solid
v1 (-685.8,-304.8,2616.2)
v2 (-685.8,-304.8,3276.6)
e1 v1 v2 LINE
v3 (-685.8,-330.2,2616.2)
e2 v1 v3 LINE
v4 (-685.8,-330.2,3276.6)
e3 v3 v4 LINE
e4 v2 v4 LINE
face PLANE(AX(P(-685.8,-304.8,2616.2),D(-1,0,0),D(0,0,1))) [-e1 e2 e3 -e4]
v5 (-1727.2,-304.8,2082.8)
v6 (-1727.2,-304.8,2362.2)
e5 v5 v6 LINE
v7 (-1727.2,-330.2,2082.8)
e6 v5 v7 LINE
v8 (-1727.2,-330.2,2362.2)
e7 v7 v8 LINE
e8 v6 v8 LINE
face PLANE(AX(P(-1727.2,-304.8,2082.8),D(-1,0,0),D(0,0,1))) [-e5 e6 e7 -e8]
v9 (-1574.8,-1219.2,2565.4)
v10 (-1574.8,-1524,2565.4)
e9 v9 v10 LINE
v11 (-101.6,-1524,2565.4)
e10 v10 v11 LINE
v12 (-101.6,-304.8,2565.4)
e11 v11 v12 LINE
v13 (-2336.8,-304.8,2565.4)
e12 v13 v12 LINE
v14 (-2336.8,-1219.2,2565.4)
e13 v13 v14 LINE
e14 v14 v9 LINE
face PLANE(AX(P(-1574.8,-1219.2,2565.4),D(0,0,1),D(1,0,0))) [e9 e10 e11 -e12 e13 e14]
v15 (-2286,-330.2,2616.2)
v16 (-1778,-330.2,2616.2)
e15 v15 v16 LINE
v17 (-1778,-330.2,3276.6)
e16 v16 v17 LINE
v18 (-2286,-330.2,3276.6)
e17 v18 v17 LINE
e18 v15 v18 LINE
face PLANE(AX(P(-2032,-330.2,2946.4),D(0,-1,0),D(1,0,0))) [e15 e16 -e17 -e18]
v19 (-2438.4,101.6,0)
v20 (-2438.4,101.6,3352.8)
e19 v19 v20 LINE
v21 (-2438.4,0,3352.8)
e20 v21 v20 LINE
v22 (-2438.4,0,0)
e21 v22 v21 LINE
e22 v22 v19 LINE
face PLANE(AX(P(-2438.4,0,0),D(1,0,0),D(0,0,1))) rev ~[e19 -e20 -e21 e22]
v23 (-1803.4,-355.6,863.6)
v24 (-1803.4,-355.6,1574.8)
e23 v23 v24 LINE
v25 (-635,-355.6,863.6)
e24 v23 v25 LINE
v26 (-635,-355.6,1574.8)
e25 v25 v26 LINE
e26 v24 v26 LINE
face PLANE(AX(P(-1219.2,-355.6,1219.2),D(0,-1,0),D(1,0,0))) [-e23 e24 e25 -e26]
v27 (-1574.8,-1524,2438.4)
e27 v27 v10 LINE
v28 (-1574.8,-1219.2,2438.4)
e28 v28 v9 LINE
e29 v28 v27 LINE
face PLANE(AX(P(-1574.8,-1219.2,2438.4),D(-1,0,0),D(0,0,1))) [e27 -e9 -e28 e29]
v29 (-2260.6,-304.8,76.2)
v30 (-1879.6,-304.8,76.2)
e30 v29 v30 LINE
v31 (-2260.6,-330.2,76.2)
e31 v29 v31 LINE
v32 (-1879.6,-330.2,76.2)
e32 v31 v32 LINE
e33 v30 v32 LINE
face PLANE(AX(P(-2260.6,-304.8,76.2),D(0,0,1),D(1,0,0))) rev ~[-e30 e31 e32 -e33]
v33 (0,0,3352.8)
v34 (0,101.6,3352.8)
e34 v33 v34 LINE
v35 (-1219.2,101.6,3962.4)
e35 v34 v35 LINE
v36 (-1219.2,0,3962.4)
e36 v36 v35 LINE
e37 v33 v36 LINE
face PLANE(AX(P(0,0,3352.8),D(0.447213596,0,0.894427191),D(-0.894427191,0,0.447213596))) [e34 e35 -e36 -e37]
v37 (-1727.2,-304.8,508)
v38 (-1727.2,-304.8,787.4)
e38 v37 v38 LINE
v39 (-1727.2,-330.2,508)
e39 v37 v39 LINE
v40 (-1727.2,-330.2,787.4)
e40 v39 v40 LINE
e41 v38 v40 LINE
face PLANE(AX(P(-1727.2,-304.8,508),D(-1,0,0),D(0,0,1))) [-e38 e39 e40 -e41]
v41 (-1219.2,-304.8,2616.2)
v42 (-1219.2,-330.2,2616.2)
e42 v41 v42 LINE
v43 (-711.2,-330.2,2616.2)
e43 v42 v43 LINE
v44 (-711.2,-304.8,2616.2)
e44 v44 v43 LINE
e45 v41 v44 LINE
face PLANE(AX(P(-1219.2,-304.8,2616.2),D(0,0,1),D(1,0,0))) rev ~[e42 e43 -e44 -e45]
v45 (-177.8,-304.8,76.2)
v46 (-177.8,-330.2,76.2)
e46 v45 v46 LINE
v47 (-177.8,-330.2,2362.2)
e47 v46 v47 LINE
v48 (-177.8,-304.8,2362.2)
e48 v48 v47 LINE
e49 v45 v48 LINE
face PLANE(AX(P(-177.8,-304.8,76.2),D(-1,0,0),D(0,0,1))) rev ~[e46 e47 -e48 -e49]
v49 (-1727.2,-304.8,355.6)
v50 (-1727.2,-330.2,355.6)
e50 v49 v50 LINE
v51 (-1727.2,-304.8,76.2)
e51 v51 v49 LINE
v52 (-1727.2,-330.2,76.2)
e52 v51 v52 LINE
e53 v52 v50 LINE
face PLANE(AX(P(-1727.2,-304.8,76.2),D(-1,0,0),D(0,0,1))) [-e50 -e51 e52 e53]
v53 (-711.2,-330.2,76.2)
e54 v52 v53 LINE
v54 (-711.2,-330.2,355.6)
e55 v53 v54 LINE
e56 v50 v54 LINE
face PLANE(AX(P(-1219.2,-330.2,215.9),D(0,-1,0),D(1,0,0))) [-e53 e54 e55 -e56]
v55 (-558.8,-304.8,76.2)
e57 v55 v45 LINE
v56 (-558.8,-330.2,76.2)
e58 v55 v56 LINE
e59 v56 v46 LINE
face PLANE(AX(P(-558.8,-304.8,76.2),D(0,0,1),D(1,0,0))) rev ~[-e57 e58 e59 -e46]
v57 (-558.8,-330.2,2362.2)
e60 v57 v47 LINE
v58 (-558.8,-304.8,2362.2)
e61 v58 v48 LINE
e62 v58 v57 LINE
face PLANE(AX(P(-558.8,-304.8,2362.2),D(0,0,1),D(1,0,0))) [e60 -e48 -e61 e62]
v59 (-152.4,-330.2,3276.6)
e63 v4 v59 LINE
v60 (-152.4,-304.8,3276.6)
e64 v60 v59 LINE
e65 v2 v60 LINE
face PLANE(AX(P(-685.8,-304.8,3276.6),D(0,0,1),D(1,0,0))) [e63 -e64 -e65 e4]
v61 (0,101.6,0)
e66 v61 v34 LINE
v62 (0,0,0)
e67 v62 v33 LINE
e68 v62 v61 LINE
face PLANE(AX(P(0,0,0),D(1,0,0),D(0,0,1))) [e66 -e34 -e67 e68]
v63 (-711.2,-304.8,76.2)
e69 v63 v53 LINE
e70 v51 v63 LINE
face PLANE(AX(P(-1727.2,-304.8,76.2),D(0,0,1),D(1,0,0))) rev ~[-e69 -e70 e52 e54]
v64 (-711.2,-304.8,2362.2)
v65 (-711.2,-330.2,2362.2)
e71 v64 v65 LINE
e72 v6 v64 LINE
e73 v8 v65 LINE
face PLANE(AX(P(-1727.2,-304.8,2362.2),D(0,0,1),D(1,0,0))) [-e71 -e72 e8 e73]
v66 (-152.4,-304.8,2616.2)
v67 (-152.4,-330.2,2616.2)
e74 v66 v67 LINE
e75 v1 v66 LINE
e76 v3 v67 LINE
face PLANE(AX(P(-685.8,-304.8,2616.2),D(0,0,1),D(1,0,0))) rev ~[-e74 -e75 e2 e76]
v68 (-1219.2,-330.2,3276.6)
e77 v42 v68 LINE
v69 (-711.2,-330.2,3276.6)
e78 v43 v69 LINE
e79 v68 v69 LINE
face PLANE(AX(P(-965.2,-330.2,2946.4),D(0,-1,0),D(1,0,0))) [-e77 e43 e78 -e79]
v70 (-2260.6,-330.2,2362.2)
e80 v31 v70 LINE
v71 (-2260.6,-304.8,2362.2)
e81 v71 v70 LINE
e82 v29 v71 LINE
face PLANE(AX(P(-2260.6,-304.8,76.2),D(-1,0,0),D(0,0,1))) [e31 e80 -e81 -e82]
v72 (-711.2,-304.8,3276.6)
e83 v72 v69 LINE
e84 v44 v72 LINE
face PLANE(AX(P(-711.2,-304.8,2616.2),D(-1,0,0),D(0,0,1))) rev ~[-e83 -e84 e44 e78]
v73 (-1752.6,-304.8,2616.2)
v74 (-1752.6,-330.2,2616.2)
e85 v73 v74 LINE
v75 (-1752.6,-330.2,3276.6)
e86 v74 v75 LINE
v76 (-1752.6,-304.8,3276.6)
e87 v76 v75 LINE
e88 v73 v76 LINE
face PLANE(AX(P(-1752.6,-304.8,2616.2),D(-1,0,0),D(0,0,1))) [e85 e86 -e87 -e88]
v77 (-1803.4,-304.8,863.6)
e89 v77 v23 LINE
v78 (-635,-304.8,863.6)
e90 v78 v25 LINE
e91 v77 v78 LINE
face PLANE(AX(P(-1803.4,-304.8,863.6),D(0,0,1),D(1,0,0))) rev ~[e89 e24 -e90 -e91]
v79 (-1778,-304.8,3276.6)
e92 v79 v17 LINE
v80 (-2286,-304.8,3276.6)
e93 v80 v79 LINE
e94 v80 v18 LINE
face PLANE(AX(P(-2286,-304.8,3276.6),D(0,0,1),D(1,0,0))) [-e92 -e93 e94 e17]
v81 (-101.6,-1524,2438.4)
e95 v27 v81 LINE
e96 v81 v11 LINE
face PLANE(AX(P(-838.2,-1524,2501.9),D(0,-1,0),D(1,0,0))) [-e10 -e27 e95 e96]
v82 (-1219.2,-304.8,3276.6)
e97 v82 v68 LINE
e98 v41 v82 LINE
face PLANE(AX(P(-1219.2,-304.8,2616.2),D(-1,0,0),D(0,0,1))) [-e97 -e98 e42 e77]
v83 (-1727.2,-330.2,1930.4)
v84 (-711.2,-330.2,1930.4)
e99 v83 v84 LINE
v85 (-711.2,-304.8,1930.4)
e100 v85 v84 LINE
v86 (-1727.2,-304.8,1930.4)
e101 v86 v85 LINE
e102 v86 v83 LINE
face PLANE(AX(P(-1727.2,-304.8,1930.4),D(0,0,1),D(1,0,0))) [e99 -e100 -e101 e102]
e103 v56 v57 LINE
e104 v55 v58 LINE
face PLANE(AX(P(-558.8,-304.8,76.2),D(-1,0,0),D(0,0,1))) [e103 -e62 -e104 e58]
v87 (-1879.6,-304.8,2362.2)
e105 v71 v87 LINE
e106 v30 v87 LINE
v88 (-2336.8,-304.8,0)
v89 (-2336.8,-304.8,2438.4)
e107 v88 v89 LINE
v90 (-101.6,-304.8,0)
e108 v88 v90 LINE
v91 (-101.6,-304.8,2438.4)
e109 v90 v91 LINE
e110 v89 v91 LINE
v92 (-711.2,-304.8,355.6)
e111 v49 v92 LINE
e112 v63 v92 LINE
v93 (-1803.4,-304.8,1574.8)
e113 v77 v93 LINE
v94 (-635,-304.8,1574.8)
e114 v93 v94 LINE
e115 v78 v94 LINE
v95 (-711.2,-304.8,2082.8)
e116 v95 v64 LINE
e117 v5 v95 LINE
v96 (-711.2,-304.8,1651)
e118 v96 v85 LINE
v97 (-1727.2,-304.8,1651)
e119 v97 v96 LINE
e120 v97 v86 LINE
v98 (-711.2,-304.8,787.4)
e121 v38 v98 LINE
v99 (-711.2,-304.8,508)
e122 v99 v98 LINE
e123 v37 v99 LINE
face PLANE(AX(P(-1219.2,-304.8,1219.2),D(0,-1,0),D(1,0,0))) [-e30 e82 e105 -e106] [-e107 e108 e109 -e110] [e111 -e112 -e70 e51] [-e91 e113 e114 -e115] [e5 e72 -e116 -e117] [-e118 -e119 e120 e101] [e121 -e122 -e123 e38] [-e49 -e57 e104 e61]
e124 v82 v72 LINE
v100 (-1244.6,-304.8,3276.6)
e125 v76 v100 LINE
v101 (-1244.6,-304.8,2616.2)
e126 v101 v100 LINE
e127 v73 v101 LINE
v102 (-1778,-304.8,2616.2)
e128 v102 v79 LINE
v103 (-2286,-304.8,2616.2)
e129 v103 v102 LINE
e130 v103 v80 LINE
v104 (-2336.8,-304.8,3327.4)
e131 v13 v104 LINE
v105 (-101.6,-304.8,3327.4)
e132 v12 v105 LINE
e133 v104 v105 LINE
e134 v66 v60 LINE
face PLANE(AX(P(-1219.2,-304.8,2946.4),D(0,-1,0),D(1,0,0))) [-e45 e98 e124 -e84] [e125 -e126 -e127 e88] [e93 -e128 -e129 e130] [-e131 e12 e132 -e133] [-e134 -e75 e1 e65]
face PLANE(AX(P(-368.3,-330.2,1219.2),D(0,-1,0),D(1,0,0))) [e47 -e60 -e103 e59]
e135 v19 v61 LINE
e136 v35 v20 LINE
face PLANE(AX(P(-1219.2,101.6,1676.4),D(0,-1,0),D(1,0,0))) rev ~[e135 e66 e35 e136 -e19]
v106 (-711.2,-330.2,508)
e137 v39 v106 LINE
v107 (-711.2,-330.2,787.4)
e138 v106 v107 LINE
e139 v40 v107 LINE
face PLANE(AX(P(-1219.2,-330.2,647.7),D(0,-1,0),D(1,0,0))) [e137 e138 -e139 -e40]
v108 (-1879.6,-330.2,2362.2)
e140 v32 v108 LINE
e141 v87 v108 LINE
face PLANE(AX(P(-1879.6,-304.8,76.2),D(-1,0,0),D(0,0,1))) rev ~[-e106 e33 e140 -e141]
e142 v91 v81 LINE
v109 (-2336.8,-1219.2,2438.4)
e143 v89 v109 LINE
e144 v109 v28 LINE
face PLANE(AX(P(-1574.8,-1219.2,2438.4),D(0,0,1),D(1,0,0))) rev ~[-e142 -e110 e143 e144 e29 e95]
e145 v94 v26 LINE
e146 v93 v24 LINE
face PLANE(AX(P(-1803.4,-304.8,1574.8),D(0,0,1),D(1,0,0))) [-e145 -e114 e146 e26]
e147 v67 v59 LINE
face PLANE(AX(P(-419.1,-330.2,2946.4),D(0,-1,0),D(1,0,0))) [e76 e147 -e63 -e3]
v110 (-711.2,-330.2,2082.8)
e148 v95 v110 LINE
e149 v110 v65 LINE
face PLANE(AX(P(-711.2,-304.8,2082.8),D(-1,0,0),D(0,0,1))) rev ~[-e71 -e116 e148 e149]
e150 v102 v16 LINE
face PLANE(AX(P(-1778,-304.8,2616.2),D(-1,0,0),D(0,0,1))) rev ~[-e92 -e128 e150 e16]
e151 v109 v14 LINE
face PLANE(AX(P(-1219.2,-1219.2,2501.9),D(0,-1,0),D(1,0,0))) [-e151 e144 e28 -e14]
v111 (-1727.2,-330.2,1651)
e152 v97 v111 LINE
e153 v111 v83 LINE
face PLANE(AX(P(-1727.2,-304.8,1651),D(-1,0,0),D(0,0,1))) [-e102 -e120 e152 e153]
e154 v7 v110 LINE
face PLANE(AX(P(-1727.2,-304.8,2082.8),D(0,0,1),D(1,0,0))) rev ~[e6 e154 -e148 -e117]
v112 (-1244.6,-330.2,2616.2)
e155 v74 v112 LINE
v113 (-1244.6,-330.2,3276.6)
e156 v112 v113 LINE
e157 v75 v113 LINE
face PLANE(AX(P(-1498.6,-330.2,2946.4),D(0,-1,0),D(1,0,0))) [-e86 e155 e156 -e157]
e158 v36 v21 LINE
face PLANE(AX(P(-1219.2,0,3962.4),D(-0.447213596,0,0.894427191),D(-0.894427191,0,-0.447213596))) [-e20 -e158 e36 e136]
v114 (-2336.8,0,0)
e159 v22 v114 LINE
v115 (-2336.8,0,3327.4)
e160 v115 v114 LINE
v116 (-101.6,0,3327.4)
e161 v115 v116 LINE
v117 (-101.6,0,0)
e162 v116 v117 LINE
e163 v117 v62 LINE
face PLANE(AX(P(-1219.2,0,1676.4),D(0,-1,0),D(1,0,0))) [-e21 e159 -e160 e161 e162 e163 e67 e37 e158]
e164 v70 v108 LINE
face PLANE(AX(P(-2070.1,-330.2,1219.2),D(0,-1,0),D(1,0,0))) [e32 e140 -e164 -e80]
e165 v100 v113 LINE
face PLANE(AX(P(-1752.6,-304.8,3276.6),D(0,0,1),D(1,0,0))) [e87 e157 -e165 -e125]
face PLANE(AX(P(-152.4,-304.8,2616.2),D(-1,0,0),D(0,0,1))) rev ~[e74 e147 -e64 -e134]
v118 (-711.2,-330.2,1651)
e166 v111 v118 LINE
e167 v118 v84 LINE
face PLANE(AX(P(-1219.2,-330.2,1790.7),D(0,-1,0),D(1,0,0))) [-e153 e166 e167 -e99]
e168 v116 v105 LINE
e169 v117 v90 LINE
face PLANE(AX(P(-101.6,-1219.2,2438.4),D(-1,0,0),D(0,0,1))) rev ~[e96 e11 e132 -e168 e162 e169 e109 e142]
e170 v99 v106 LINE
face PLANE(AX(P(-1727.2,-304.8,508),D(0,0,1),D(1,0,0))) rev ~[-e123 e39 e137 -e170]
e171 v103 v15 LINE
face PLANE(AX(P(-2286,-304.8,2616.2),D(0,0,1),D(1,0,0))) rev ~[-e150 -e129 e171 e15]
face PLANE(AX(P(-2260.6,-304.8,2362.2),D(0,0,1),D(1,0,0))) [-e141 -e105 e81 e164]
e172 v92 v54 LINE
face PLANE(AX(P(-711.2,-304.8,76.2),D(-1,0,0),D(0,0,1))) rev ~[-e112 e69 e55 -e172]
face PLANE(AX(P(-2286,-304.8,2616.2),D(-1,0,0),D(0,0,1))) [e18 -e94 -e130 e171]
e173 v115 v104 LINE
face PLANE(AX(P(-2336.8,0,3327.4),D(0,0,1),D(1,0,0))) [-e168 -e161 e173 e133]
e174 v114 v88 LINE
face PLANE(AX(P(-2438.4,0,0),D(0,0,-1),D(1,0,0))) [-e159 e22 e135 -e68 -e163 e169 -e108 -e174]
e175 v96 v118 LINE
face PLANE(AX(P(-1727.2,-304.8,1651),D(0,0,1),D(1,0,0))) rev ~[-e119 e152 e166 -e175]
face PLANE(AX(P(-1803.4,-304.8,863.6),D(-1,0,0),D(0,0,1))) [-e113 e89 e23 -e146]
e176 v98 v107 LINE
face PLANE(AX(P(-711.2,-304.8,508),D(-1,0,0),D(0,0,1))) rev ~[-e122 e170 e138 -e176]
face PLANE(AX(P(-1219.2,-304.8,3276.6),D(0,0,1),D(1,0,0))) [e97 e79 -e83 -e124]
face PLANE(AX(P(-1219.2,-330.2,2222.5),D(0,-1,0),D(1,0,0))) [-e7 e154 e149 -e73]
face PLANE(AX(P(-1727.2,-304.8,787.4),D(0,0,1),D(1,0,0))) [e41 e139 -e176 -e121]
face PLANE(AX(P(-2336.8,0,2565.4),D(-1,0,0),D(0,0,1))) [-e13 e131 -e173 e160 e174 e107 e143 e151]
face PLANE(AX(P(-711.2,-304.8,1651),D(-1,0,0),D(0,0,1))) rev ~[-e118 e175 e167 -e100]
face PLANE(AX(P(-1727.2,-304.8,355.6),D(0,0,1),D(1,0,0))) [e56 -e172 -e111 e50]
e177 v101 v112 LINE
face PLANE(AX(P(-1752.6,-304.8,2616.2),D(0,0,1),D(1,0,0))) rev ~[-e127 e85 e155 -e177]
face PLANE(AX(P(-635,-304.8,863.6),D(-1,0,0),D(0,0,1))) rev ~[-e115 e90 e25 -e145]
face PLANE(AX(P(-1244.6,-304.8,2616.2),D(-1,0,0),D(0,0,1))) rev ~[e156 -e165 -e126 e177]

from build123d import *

# Parameters (mm, degrees)
F0_W      = 2438.4
F0_H      = 3352.8
F1_DEPTH  = 101.6
F2_W      = 2235.2
F2_H      = 2438.4
F3_DEPTH  = 304.8
F4_W      = 1168.4
F4_H      = 711.2
F5_DEPTH  = 50.8
F6_W      = 381
F6_H      = 2286
F6_W_2    = 1016
F6_H_2    = 279.4
F7_DEPTH  = 25.4
F8_W      = 2235.2
F8_H      = 127
F9_DEPTH  = 1219.2
F8_H_2    = 762
F10_DEPTH = 304.8
F11_W     = 508
F11_H     = 660.4
F11_W_2   = 533.4
F12_DEPTH = 25.4
F13_W     = 1473.2
F13_H     = 127
F14_DEPTH = 304.8


with BuildPart() as f1:
    # F0 (on Front) → F1 (new body)
    with BuildSketch(Plane.XZ):
        with Locations((-1219.2, 1676.4)):
            Rectangle(F0_W, F0_H)
        Polygon((-2438.4, 3352.8), (0, 3352.8), (-1219.2, 3962.4), align=None)
    extrude(amount=-F1_DEPTH)

    # F2 (on face) → F3 (join)
    with BuildSketch(Plane.XZ):
        with Locations((-1219.2, 1219.2)):
            Rectangle(F2_W, F2_H)
    extrude(amount=F3_DEPTH)

    # F4 (on face) → F5 (join)
    with BuildSketch(Plane.XZ.offset(304.8)):
        with Locations((-1219.2, 1219.2)):
            Rectangle(F4_W, F4_H)
    extrude(amount=F5_DEPTH)

    # F6 (on face) → F7 (join)
    with BuildSketch(Plane.XZ.offset(304.8)):
        with Locations((-368.3, 1219.2)):
            Rectangle(F6_W, F6_H)
        with Locations((-1219.2, 2222.5)):
            Rectangle(F6_W_2, F6_H_2)
        with Locations((-1219.2, 1790.7)):
            Rectangle(F6_W_2, F6_H_2)
        with Locations((-2070.1, 1219.2)):
            Rectangle(F6_W, F6_H)
        with Locations((-1219.2, 647.7)):
            Rectangle(F6_W_2, F6_H_2)
        with Locations((-1219.2, 215.9)):
            Rectangle(F6_W_2, F6_H_2)
    extrude(amount=F7_DEPTH)

    # F8 (on face) → F9 (join)
    with BuildSketch(Plane.XZ):
        with Locations((-1219.2, 2501.9)):
            Rectangle(F8_W, F8_H)
    extrude(amount=F9_DEPTH)

    # F8 (on face) → F10 (join)
    with BuildSketch(Plane.XZ):
        with Locations((-1219.2, 2946.4)):
            Rectangle(F8_W, F8_H_2)
    extrude(amount=F10_DEPTH)

    # F11 (on face) → F12 (join)
    with BuildSketch(Plane.XZ.offset(304.8)):
        with Locations((-2032, 2946.4)):
            Rectangle(F11_W, F11_H)
        with Locations((-1498.6, 2946.4)):
            Rectangle(F11_W, F11_H)
        with Locations((-965.2, 2946.4)):
            Rectangle(F11_W, F11_H)
        with Locations((-419.1, 2946.4)):
            Rectangle(F11_W_2, F11_H)
    extrude(amount=F12_DEPTH)

    # F13 (on face) → F14 (join)
    with BuildSketch(Plane.XZ.offset(1219.2)):
        with Locations((-838.2, 2501.9)):
            Rectangle(F13_W, F13_H)
    extrude(amount=F14_DEPTH)


solid = f1.part
